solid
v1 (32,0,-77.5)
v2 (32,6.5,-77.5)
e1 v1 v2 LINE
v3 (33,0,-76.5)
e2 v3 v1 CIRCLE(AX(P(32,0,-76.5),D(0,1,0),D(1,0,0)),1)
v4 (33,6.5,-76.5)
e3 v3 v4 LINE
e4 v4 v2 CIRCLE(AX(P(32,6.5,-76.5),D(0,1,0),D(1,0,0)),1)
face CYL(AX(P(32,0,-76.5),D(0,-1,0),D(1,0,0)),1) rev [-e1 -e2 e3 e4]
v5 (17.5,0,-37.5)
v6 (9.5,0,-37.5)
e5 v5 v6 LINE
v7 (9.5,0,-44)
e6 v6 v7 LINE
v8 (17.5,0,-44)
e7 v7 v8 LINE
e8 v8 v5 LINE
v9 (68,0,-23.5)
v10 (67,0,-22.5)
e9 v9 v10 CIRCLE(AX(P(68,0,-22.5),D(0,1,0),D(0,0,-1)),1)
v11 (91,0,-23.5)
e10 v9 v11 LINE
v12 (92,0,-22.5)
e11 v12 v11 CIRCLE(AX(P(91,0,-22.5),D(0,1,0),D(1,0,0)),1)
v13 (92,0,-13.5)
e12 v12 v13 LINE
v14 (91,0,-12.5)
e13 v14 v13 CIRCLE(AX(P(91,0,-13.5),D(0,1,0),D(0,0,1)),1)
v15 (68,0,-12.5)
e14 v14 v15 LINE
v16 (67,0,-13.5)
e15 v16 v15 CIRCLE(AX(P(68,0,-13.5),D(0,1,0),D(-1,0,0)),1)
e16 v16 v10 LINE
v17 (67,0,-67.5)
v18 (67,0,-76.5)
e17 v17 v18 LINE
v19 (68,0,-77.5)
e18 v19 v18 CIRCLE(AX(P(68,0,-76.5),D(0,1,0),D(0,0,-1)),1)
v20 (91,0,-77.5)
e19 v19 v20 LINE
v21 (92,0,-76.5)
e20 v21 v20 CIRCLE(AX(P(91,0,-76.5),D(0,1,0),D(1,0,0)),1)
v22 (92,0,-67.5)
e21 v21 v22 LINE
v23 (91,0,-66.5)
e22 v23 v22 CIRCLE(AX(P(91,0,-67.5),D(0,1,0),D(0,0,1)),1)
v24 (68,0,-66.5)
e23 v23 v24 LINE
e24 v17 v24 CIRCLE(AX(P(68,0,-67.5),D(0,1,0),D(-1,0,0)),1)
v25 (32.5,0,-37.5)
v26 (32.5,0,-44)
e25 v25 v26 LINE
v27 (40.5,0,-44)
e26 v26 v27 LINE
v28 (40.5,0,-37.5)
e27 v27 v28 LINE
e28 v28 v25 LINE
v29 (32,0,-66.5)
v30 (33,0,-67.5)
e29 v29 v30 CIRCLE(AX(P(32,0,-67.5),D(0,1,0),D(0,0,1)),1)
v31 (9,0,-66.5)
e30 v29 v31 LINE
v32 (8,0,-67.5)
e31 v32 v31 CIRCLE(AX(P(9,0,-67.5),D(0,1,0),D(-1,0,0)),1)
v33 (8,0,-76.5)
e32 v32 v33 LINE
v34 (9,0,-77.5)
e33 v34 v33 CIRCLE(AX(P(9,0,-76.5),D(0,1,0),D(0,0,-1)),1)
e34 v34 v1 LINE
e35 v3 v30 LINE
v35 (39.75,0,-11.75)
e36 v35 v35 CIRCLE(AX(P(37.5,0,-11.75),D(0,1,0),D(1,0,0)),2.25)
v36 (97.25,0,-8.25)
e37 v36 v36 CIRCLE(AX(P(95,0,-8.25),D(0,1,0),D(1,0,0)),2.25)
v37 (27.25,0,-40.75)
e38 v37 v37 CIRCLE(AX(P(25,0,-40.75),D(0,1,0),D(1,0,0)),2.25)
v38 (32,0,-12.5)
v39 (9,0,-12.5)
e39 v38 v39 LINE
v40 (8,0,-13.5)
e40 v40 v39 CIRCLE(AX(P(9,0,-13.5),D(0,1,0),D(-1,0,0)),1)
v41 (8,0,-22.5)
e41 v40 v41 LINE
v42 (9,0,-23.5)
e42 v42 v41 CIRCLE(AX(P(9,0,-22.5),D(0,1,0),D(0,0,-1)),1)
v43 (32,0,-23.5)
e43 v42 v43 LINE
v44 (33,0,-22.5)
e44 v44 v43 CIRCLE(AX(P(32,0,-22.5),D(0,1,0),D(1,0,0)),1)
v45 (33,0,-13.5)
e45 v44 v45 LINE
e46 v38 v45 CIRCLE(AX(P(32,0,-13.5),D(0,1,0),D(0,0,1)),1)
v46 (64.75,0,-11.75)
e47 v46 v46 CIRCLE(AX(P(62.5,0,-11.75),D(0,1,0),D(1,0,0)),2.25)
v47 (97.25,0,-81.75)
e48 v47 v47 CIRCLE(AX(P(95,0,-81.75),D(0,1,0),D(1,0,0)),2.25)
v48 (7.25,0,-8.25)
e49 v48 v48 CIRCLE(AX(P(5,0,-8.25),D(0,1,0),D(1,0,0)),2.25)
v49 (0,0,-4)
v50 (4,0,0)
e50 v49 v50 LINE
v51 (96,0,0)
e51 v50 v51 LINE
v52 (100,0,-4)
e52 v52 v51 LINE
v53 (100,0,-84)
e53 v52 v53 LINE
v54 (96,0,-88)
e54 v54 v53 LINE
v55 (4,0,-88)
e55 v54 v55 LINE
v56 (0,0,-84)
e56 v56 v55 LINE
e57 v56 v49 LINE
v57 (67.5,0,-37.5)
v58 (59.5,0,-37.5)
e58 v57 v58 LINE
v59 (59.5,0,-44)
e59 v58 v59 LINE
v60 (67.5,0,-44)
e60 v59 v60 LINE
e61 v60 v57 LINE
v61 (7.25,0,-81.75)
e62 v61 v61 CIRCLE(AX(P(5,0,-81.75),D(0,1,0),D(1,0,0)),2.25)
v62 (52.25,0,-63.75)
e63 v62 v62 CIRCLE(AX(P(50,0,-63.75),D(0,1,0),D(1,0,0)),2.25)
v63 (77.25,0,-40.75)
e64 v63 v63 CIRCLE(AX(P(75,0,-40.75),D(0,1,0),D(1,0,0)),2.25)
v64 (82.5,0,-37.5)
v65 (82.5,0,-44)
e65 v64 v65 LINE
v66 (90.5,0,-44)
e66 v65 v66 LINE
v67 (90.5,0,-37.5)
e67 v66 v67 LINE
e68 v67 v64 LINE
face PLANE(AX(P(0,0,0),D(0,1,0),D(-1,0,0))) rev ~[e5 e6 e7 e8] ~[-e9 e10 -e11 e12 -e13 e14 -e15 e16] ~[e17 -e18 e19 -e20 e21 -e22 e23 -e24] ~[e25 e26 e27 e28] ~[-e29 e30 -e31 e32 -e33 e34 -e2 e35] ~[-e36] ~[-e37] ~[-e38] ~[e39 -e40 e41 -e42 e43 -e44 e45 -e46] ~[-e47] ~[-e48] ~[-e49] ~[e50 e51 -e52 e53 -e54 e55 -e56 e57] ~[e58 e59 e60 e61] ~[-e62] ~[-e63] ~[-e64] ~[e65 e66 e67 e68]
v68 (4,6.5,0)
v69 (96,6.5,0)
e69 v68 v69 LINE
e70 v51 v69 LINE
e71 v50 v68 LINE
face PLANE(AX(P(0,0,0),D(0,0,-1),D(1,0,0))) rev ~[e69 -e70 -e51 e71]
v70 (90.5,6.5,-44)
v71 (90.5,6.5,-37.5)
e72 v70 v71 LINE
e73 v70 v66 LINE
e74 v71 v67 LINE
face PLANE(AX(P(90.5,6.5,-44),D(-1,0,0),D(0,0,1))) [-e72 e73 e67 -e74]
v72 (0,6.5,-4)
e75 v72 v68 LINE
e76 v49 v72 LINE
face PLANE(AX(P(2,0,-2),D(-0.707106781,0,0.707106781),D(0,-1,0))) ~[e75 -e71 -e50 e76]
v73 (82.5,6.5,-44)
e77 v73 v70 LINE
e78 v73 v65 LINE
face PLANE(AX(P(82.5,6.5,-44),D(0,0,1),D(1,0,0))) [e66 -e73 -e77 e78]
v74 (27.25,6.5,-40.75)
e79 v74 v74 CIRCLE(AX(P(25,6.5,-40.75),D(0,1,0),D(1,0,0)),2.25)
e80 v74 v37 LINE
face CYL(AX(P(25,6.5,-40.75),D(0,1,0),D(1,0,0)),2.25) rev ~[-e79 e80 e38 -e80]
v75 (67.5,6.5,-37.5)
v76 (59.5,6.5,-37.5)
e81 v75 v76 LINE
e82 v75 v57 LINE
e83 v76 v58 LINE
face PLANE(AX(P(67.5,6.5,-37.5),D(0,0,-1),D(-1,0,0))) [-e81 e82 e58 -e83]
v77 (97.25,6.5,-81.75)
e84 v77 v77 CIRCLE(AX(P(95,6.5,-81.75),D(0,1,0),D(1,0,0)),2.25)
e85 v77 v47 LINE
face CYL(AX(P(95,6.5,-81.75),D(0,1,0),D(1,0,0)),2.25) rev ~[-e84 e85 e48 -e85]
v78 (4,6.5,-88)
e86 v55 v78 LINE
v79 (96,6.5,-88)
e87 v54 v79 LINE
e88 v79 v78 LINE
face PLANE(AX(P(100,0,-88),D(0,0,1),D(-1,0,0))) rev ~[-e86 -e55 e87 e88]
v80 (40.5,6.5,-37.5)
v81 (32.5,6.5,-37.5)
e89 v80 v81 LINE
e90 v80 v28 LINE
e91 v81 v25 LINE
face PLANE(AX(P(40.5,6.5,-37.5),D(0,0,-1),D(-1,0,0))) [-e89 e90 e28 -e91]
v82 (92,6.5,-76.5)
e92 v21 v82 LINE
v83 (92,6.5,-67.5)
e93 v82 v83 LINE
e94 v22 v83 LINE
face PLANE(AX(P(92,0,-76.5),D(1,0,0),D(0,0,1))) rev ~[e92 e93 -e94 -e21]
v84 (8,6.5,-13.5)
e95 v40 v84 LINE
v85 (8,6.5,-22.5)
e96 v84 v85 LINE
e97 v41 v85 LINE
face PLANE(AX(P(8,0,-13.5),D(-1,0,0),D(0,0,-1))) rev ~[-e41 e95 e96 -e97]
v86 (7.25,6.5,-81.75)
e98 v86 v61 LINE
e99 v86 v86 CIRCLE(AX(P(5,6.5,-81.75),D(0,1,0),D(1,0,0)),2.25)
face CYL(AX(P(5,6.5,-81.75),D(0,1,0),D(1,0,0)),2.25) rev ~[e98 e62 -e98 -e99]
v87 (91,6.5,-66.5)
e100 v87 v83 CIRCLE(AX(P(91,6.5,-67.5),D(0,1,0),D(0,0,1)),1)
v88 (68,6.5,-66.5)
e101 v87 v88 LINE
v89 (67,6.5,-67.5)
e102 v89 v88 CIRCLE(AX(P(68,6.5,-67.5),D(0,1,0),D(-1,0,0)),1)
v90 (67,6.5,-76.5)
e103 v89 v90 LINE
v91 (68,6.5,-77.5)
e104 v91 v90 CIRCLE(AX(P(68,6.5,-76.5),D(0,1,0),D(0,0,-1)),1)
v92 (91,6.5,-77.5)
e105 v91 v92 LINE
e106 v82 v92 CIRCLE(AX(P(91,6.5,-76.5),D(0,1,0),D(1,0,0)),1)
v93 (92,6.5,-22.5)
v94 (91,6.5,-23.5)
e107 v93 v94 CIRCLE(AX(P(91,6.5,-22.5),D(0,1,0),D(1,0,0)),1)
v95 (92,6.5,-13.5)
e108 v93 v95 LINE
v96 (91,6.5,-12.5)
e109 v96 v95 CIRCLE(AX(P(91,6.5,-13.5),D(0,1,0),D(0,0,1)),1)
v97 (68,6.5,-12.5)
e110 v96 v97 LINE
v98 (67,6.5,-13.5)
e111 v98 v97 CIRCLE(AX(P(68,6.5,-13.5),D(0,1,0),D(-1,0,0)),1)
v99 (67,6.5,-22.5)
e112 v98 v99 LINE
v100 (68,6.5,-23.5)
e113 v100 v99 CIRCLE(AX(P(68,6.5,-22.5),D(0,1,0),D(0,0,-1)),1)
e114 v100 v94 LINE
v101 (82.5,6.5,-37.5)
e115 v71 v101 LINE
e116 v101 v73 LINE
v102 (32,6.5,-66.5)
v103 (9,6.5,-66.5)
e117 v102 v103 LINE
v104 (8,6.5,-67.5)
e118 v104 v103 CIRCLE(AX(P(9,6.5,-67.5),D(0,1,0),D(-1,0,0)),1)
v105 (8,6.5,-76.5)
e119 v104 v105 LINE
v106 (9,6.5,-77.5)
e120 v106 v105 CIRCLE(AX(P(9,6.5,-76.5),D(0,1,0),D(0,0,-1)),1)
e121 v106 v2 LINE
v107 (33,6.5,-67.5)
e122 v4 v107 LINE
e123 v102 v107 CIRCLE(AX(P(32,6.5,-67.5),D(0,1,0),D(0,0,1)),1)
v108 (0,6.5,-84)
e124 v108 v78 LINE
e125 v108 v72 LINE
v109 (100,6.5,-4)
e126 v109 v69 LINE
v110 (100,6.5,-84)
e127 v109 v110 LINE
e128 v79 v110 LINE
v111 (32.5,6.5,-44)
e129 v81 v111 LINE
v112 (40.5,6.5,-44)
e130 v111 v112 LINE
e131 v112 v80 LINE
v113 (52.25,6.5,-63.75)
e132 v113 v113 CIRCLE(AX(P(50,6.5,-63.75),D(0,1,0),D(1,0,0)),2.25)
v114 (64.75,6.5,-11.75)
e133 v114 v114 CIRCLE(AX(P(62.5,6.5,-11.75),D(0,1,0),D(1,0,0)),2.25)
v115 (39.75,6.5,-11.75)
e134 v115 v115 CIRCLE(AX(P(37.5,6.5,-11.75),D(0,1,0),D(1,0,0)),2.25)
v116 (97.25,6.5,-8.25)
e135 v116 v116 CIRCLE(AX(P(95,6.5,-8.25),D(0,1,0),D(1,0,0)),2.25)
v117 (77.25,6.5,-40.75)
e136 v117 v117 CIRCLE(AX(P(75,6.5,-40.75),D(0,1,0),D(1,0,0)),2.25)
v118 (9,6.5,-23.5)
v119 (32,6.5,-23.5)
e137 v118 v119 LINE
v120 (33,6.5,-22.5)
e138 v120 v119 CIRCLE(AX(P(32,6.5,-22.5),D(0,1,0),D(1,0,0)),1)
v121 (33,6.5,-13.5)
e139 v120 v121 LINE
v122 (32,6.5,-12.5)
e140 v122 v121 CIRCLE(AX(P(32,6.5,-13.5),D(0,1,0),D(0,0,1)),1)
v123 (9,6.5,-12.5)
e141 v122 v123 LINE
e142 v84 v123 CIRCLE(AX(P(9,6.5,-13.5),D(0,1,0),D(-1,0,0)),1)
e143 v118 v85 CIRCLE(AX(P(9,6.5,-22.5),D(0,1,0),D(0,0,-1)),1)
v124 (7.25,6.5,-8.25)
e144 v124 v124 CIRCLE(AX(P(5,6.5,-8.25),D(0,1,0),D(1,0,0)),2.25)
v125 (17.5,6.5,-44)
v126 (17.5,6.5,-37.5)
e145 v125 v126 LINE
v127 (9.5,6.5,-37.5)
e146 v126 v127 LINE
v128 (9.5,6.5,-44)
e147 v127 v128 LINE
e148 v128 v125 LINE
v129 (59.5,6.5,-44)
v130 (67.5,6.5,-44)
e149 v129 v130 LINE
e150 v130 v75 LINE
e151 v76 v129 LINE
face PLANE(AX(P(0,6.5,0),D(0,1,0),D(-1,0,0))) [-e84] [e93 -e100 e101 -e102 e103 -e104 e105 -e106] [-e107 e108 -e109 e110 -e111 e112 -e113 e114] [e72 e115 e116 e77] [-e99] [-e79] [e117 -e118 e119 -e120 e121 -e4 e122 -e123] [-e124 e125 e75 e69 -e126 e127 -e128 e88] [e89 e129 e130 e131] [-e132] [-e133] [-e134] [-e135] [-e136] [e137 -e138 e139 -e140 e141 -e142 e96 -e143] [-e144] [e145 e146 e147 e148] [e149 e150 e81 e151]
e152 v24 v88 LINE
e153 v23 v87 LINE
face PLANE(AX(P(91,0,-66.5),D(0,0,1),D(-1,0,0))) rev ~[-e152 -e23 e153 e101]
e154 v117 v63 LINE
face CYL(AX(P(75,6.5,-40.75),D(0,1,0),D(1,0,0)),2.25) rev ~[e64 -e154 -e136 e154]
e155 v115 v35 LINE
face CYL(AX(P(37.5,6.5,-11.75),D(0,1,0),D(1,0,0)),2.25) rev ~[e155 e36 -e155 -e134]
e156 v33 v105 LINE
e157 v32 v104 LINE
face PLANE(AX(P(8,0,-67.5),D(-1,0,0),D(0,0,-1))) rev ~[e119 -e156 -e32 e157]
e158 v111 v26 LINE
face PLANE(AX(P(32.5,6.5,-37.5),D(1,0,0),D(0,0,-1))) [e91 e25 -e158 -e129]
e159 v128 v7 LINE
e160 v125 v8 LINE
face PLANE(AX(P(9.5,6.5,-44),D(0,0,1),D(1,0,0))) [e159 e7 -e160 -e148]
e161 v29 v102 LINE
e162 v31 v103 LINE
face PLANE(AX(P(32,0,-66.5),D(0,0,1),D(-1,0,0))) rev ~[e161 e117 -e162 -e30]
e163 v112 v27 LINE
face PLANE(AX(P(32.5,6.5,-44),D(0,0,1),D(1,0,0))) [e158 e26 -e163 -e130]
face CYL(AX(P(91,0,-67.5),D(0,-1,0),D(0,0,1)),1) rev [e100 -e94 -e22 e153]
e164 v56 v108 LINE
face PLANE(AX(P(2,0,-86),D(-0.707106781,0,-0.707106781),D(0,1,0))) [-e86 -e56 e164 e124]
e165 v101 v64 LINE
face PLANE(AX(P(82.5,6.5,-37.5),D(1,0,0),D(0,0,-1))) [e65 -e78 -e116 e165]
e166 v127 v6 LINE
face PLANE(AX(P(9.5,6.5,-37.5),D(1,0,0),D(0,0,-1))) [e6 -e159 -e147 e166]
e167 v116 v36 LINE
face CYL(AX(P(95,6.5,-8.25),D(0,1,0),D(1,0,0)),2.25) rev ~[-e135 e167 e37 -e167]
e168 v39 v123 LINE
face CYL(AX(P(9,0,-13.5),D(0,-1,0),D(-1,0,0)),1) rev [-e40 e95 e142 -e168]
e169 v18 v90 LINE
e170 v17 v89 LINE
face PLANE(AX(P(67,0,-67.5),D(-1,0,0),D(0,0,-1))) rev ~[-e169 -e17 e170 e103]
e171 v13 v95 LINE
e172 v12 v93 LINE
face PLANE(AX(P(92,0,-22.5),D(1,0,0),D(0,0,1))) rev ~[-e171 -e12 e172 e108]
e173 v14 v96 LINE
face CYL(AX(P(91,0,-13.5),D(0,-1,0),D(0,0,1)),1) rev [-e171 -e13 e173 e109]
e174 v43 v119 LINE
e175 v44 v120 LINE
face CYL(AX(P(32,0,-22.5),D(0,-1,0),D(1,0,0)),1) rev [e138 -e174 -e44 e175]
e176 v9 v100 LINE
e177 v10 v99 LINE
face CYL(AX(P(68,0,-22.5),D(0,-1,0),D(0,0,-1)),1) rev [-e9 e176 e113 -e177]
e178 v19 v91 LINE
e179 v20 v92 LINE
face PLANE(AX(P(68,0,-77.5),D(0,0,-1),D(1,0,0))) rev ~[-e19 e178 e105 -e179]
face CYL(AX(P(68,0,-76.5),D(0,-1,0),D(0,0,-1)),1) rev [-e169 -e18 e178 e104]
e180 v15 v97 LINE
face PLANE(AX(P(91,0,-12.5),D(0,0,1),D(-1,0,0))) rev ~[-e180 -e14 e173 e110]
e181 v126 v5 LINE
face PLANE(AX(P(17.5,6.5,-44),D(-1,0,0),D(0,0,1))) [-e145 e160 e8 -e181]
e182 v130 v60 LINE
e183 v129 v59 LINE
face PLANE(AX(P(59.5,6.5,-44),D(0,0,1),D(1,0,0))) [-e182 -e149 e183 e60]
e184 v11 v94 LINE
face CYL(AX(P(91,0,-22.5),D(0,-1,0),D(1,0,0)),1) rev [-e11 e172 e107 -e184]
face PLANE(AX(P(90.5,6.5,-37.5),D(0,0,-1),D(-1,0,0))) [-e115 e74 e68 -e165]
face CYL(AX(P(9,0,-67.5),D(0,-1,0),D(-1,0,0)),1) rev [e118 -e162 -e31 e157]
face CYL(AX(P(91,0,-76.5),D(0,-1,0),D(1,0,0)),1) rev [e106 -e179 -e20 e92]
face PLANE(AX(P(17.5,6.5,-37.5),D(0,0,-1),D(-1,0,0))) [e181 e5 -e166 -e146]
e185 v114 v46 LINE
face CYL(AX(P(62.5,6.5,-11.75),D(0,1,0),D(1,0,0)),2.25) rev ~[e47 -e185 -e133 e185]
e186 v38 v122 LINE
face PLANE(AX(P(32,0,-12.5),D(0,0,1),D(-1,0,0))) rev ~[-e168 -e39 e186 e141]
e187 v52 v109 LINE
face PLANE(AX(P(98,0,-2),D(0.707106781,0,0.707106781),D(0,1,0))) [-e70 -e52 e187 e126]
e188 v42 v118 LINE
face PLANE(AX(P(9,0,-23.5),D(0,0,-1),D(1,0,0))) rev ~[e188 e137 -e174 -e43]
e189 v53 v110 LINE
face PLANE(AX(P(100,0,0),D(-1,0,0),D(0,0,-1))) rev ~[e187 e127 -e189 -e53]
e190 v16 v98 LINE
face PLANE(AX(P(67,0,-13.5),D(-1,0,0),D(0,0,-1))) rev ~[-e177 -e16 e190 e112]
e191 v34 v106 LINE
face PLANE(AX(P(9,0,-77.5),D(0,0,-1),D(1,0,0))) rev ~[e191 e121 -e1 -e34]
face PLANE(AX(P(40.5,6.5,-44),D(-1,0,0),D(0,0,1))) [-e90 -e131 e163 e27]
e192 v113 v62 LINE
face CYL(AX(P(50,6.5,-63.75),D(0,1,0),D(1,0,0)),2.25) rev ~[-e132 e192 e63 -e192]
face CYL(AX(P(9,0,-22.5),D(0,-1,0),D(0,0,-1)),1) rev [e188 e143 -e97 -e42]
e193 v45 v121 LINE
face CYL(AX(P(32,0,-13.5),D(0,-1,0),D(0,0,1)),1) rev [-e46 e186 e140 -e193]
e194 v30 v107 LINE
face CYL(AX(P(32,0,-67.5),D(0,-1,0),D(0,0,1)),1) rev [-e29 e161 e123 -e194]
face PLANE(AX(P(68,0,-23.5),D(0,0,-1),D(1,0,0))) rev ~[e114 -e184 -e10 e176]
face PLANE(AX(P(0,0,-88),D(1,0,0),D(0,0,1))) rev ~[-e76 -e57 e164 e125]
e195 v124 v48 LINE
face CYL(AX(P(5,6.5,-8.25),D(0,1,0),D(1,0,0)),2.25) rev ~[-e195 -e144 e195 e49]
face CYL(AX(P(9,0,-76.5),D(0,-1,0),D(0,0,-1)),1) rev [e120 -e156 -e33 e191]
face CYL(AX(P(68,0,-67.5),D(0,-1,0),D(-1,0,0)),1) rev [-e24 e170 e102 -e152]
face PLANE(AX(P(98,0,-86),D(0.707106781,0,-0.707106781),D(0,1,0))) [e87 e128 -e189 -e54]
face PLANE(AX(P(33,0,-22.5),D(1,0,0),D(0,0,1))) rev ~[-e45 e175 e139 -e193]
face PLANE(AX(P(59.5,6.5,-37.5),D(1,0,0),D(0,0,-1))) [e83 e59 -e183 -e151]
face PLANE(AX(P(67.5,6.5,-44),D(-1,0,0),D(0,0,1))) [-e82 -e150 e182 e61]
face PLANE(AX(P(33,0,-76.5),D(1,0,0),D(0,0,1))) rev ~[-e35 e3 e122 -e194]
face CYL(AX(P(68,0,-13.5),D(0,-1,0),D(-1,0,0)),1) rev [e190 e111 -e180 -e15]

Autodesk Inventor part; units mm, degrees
ref_plane "YZ Plane" through (0, 0, 0) normal (1, 0, 0) x (0, 1, 0)
ref_plane "XZ Plane" through (0, 0, 0) normal (0, 1, 0) x (-1, 0, 0)
ref_plane "XY Plane" through (0, 0, 0) normal (0, 0, 1) x (1, 0, 0)
sketch "Sketch1" plane through (0, 0, 0) normal (0, 1, 0) x (-1, 0, 0)
  line L0 (0, 0) -> (-100, 0)
  line L1 (-100, 0) -> (-100, -88)
  line L2 (-100, -88) -> (0, -88)
  line L3 (0, -88) -> (0, 0)
  line L4 (-9, -23.5) -> (-32, -23.5)
  line L5 (-33, -22.5) -> (-33, -13.5)
  line L6 (-32, -12.5) -> (-9, -12.5)
  line L7 (-8, -13.5) -> (-8, -22.5)
  arc A0 (-9, -23.5) -> (-8, -22.5) centre (-9, -22.5) ccw
  arc A1 (-8, -13.5) -> (-9, -12.5) centre (-9, -13.5) ccw
  arc A2 (-32, -12.5) -> (-33, -13.5) centre (-32, -13.5) ccw
  arc A3 (-33, -22.5) -> (-32, -23.5) centre (-32, -22.5) ccw
  line L8 (-9, -77.5) -> (-32, -77.5)
  line L9 (-33, -76.5) -> (-33, -67.5)
  line L10 (-32, -66.5) -> (-9, -66.5)
  line L11 (-8, -67.5) -> (-8, -76.5)
  arc A4 (-9, -77.5) -> (-8, -76.5) centre (-9, -76.5) ccw
  arc A5 (-8, -67.5) -> (-9, -66.5) centre (-9, -67.5) ccw
  arc A6 (-32, -66.5) -> (-33, -67.5) centre (-32, -67.5) ccw
  arc A7 (-33, -76.5) -> (-32, -77.5) centre (-32, -76.5) ccw
  line L12 (-68, -77.5) -> (-91, -77.5)
  line L13 (-92, -76.5) -> (-92, -67.5)
  line L14 (-91, -66.5) -> (-68, -66.5)
  line L15 (-67, -67.5) -> (-67, -76.5)
  arc A8 (-68, -77.5) -> (-67, -76.5) centre (-68, -76.5) ccw
  arc A9 (-67, -67.5) -> (-68, -66.5) centre (-68, -67.5) ccw
  arc A10 (-91, -66.5) -> (-92, -67.5) centre (-91, -67.5) ccw
  arc A11 (-92, -76.5) -> (-91, -77.5) centre (-91, -76.5) ccw
  line L16 (-68, -23.5) -> (-91, -23.5)
  line L17 (-92, -22.5) -> (-92, -13.5)
  line L18 (-91, -12.5) -> (-68, -12.5)
  line L19 (-67, -13.5) -> (-67, -22.5)
  arc A12 (-68, -23.5) -> (-67, -22.5) centre (-68, -22.5) ccw
  arc A13 (-67, -13.5) -> (-68, -12.5) centre (-68, -13.5) ccw
  arc A14 (-91, -12.5) -> (-92, -13.5) centre (-91, -13.5) ccw
  arc A15 (-92, -22.5) -> (-91, -23.5) centre (-91, -22.5) ccw
  line L20 (-8, -72) -> (-92, -72) construction
  line L21 (-92, -18) -> (-8, -18) construction
  point P0 (-50, -18)
  point P1 (-50, 0)
  dimension "d0" = 100
  dimension "d1" = 88
  dimension "d2" = 1
  dimension "d3" = 25
  dimension "d4" = 11
  dimension "d5" = 1
  dimension "d6" = 25
  dimension "d7" = 11
  dimension "d8" = 1
  dimension "d9" = 25
  dimension "d10" = 11
  dimension "d11" = 1
  dimension "d12" = 25
  dimension "d13" = 11
  dimension "d14" = 54
  dimension "d15" = 18
  dimension "d16" = 8
extrude "Extrusion1" add sketch "Sketch1" along normal blind 6.5
chamfer "Chamfer1" distance 4 angle 45 4 edges at (0, 3.25, 0) (100, 3.25, 0) (100, 3.25, -88) (0, 3.25, -88)
sketch "Sketch2" plane through (0, 6.5, 0) normal (0, 1, 0) x (1, 0, 0)
  line L0 (4, 0) -> (96, 0) projected
  line L1 (9.5, 44) -> (17.5, 44)
  line L2 (17.5, 44) -> (17.5, 37.5)
  line L3 (17.5, 37.5) -> (9.5, 37.5)
  line L4 (9.5, 37.5) -> (9.5, 44)
  line L5 (32.5, 44) -> (40.5, 44)
  line L6 (40.5, 44) -> (40.5, 37.5)
  line L7 (40.5, 37.5) -> (32.5, 37.5)
  line L8 (32.5, 37.5) -> (32.5, 44)
  line L9 (59.5, 44) -> (67.5, 44)
  line L10 (67.5, 44) -> (67.5, 37.5)
  line L11 (67.5, 37.5) -> (59.5, 37.5)
  line L12 (59.5, 37.5) -> (59.5, 44)
  line L13 (82.5, 44) -> (90.5, 44)
  line L14 (90.5, 44) -> (90.5, 37.5)
  line L15 (90.5, 37.5) -> (82.5, 37.5)
  line L16 (82.5, 37.5) -> (82.5, 44)
  line L17 (17.5, 44) -> (32.5, 37.5) construction
  line L18 (32.5, 44) -> (17.5, 37.5) construction
  line L19 (67.5, 37.5) -> (82.5, 44) construction
  line L20 (82.5, 37.5) -> (67.5, 44) construction
  circle A0 centre (25, 40.75) radius 2.25
  circle A1 centre (75, 40.75) radius 2.25
  line L21 (40.5, 40.75) -> (59.5, 40.75) construction
  point P0 (0, 0)
  point P1 (50, 40.75)
  point P2 (50, 0)
  dimension "d22" = 6.5
  dimension "d23" = 8
  dimension "d24" = 15
  dimension "d25" = 15
  dimension "d26" = 4.5
  dimension "d27" = 4.5
  dimension "d28" = 50
  dimension "d29" = 37.5
extrude "Extrusion2" cut sketch "Sketch2" against normal through all
sketch "Sketch3" plane through (0, 6.5, 0) normal (0, 1, 0) x (1, 0, 0)
  line L0 (9, 77.5) -> (32, 77.5) projected
  line L1 (8, 67.5) -> (8, 76.5) projected
  line L2 (32, 12.5) -> (9, 12.5) projected
  line L3 (0, 84) -> (0, 4) projected
  line L4 (4, 0) -> (96, 0) projected
  line L5 (100, 4) -> (100, 84) projected
  line L6 (5, 81.75) -> (95, 81.75) construction
  line L7 (95, 81.75) -> (95, 8.25) construction
  line L8 (95, 8.25) -> (5, 8.25) construction
  line L9 (5, 8.25) -> (5, 81.75) construction
  circle A0 centre (5, 81.75) radius 4.5 construction
  circle A1 centre (95, 81.75) radius 4.5 construction
  circle A2 centre (95, 8.25) radius 4.5 construction
  circle A3 centre (5, 8.25) radius 4.5 construction
  circle A4 centre (5, 81.75) radius 2.25
  circle A5 centre (95, 81.75) radius 2.25
  circle A6 centre (95, 8.25) radius 2.25
  circle A7 centre (5, 8.25) radius 2.25
  point P0 (0, 0)
  dimension "d32" = 9
  dimension "d33" = 4.5
  dimension "d34" = 8
  dimension "d35" = 12.5
  dimension "d36" = 5
  dimension "d37" = 5
  dimension "d38" = 8.25
  dimension "d39" = 4.25
extrude "Extrusion3" cut sketch "Sketch3" against normal through all
sketch "Sketch4" plane through (0, 6.5, 0) normal (0, 1, 0) x (1, 0, 0)
  line L0 (4, 0) -> (96, 0) projected
  line L1 (96, 88) -> (4, 88) projected
  circle A0 centre (37.5, 11.75) radius 2.25
  circle A1 centre (62.5, 11.75) radius 2.25
  line L2 (37.5, 11.75) -> (62.5, 11.75) construction
  point P0 (0, 0)
  point P1 (50, 11.75)
  point P2 (50, 0)
  dimension "d42" = 4.5
  dimension "d43" = 25
  dimension "d44" = 11.75
extrude "Extrusion4" cut sketch "Sketch4" against normal through all
sketch "Sketch5" plane through (0, 6.5, 0) normal (0, 1, 0) x (1, 0, 0)
  line L0 (32.5, 44) -> (40.5, 44) projected
  line L1 (96, 88) -> (4, 88) projected
  circle A0 centre (50, 63.75) radius 2.25
  point P0 (0, 0)
  point P1 (50, 88)
  dimension "d47" = 4.5
  dimension "d48" = 19.75
extrude "Extrusion5" cut sketch "Sketch5" against normal through all
equation "\"d25\" = d24"
equation "\"d37\" = d36"
equation "\"d39\" = d35 - d38"
properties part number "x_carryage_back" material "Plywood, Finish"
